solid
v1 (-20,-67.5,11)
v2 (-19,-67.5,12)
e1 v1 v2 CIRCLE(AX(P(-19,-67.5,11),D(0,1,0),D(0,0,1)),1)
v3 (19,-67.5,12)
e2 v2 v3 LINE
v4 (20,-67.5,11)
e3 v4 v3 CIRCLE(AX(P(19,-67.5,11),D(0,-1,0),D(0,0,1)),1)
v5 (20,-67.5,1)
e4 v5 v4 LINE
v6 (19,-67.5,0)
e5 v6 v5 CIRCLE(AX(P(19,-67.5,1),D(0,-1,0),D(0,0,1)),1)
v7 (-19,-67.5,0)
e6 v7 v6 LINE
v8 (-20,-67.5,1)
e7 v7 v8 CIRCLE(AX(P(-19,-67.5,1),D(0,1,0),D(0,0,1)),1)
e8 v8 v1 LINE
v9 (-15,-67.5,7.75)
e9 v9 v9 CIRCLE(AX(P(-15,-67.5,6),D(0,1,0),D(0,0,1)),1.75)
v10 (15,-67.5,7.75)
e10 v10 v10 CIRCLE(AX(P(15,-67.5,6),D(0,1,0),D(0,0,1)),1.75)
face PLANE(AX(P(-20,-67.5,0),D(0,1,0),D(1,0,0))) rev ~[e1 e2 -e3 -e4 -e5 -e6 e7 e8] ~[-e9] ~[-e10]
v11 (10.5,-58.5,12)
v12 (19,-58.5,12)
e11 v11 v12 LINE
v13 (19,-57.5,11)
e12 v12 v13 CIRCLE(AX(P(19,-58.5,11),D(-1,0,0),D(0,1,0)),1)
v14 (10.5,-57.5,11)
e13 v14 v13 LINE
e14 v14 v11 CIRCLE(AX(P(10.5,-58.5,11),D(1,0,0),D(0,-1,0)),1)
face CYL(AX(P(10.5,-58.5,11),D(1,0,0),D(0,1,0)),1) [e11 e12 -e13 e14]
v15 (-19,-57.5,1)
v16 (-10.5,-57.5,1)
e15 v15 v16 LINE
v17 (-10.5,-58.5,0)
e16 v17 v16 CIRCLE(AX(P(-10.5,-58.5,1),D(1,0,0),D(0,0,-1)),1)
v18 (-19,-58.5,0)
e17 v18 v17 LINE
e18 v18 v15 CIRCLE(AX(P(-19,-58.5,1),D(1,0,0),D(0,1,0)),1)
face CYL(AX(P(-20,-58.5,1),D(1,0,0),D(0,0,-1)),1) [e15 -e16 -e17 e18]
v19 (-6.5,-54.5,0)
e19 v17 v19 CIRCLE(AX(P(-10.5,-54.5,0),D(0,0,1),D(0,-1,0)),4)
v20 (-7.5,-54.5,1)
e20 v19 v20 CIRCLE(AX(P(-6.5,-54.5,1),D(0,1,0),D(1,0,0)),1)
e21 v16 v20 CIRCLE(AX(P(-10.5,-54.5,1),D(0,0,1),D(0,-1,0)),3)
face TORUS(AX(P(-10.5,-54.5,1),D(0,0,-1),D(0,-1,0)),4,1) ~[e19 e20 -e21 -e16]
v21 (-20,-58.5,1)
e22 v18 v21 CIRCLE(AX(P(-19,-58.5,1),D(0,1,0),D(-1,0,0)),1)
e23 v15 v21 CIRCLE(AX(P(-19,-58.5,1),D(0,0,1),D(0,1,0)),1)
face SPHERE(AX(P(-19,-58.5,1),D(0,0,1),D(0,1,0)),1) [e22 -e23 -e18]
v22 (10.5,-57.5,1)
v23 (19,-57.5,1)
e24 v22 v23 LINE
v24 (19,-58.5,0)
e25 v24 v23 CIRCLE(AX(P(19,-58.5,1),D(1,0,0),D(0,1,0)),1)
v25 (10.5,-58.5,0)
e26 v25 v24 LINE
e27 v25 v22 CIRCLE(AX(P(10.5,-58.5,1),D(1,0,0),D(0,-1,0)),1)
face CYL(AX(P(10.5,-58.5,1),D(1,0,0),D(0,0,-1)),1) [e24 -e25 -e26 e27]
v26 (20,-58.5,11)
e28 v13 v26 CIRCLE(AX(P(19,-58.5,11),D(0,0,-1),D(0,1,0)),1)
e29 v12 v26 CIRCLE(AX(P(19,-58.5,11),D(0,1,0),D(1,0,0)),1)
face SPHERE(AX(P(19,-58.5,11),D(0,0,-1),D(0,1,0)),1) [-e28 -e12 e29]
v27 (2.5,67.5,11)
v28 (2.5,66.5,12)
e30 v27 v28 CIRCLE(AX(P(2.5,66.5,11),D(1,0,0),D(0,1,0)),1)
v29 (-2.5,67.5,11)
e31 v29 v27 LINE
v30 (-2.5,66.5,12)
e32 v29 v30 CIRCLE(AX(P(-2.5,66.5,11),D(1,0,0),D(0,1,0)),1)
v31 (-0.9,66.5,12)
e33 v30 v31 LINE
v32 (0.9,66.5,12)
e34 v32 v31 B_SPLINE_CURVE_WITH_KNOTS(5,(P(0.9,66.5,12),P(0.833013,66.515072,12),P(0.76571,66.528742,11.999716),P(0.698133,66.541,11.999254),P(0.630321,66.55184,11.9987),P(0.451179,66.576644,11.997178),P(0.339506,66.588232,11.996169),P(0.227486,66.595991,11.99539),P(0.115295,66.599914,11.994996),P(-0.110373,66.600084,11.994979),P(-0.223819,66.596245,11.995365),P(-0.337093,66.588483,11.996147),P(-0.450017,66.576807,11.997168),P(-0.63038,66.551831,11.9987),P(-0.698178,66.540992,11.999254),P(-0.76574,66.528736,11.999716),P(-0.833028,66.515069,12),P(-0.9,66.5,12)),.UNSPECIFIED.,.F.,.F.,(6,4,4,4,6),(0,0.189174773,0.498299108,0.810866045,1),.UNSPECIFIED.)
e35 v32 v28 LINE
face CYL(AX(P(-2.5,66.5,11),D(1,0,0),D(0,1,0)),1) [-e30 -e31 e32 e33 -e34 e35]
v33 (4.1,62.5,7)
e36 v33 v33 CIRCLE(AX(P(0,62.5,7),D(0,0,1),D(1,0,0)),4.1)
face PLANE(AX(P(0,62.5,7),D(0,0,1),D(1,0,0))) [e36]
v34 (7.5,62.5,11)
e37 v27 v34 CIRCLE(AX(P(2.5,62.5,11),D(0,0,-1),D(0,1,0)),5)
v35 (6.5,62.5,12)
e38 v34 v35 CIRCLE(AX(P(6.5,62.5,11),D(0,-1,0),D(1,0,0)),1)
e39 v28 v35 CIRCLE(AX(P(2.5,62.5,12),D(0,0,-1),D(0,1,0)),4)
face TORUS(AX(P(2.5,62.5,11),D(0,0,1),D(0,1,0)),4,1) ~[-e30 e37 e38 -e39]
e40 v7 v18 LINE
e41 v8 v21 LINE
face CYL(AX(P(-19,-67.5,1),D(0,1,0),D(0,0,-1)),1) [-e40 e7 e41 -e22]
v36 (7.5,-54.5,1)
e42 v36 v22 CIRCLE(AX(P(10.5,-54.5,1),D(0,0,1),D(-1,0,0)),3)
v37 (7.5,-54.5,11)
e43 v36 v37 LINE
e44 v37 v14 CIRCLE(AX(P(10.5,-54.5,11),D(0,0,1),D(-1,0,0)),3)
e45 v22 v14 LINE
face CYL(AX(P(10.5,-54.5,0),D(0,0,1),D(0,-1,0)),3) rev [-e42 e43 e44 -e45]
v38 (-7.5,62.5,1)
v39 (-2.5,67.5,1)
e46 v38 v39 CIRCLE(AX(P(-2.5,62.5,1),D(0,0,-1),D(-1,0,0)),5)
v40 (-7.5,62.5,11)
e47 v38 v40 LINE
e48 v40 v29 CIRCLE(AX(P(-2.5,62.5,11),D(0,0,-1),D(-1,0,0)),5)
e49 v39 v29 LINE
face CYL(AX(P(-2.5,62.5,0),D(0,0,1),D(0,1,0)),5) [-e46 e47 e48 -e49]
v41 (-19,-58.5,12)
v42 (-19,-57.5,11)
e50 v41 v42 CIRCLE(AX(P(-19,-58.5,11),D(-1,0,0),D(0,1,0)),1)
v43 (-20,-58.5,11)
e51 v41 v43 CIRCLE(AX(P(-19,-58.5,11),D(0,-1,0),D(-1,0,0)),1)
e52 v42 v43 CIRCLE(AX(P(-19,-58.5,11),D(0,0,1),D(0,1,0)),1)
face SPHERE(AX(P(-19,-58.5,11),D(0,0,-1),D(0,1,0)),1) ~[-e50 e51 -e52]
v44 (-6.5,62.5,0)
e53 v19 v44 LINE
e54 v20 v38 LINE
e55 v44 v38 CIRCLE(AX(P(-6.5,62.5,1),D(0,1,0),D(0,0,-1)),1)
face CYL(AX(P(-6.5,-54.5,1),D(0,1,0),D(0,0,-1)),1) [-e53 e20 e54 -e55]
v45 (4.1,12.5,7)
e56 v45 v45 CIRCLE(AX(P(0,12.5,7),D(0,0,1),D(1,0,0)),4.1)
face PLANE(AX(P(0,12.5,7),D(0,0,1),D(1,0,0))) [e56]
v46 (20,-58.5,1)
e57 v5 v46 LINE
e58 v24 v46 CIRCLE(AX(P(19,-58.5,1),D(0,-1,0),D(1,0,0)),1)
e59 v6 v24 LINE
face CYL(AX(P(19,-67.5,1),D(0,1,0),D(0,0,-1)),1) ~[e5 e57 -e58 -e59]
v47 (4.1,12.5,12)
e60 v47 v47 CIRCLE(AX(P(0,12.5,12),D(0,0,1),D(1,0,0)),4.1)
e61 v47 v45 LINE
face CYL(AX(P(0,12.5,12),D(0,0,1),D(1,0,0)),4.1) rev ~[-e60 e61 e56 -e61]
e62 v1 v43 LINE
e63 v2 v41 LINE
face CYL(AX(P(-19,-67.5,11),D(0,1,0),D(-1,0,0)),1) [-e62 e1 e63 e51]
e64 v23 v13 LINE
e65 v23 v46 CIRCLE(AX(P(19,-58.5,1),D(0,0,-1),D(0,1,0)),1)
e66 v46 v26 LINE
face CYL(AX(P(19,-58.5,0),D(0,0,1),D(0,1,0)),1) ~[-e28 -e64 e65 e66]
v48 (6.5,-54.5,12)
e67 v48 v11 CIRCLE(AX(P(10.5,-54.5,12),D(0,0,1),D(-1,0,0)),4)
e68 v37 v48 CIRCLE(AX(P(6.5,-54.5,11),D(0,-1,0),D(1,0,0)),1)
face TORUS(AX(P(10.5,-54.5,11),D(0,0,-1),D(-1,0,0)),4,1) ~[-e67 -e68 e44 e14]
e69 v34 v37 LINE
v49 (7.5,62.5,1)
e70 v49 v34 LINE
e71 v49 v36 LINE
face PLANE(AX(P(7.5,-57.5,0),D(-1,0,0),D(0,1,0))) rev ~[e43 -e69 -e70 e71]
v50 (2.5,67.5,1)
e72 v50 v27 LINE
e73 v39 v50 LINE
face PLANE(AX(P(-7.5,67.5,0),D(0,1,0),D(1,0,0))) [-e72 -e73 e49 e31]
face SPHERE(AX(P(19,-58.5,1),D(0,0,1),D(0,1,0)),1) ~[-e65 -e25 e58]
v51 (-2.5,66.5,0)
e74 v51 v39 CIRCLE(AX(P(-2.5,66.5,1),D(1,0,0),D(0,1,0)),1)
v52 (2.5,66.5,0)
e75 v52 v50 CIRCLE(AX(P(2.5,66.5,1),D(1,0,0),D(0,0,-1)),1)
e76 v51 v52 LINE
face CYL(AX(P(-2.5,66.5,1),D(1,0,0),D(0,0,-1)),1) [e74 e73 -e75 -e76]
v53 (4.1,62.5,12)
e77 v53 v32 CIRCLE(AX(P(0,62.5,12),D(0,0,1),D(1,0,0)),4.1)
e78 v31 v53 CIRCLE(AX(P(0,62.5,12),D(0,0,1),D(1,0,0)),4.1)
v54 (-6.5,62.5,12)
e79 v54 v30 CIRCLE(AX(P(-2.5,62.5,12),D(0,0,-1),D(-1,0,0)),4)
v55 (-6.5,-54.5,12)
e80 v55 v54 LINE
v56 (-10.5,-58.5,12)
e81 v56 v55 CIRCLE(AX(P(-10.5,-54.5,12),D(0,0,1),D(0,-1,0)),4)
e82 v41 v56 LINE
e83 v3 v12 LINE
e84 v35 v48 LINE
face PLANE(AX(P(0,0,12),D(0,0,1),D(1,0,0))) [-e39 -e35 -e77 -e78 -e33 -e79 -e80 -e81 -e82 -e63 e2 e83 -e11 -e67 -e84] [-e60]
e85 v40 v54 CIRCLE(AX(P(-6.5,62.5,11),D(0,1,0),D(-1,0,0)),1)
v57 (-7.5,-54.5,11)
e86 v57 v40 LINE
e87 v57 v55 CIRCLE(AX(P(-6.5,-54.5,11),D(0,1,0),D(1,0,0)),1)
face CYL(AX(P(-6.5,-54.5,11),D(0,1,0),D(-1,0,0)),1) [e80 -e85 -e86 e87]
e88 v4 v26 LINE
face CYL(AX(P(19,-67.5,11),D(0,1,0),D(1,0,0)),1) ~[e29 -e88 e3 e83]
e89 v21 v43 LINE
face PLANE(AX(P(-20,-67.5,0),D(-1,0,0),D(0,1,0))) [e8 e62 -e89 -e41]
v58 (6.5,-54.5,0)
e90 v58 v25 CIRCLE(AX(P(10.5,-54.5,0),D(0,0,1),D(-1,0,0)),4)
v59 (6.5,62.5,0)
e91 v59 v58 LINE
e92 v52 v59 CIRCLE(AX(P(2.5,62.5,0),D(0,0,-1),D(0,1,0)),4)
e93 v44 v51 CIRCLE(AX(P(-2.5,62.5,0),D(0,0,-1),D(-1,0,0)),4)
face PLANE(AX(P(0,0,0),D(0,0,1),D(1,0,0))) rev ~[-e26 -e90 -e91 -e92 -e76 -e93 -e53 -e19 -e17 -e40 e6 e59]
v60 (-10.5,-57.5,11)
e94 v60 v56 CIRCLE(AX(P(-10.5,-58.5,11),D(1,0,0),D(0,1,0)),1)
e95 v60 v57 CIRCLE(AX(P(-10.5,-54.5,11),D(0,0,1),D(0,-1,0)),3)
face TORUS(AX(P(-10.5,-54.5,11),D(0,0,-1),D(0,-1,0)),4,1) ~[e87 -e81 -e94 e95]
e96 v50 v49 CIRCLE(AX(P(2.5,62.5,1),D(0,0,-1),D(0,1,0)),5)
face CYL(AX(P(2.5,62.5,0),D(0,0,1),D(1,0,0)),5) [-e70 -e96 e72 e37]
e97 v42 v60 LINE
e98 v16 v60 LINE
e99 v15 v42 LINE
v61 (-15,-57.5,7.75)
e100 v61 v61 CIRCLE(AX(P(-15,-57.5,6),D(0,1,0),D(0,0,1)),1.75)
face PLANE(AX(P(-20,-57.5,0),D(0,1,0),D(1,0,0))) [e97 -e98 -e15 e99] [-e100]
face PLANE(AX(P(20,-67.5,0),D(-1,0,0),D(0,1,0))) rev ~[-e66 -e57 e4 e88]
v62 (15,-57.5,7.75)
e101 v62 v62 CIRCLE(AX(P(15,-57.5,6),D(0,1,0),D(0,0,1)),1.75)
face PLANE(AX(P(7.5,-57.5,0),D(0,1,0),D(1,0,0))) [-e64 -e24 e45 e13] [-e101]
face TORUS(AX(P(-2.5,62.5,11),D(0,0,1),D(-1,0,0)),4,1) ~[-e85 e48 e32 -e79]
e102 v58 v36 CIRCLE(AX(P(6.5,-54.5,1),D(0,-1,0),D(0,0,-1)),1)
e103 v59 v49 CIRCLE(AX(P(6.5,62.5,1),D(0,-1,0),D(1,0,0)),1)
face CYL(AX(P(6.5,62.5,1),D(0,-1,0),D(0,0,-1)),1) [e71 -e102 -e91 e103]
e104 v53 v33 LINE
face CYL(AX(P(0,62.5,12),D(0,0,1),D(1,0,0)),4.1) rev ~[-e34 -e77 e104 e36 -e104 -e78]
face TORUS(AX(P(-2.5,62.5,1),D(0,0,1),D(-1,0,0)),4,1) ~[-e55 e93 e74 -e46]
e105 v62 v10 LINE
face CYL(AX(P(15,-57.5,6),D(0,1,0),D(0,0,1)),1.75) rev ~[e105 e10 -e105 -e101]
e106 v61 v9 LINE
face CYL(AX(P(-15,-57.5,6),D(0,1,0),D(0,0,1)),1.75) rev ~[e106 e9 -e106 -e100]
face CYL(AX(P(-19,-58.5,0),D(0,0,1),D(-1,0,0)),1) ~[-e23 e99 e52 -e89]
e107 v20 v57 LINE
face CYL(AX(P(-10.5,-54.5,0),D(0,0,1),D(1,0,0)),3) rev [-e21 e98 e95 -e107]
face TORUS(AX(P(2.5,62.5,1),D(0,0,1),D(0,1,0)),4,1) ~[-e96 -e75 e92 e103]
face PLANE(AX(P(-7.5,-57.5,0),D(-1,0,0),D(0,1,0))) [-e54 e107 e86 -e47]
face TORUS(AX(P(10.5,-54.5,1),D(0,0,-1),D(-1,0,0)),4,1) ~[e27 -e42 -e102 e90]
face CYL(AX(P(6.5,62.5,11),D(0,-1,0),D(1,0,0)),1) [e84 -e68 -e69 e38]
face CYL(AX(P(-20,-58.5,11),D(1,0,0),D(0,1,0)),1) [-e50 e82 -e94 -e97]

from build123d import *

# Parameters (mm, degrees)
SKETCH_1_W          = 15
SKETCH_1_H          = 135
SKETCH_1_W_2        = 40
SKETCH_1_H_2        = 10
EXTRUDE_1_DEPTH     = 12
SKETCH_3_R          = 1.75
CUT_EXTRUDE_1_DEPTH = 128.157382798
FILLET_1_R          = 3
FILLET_2_R          = 5
FILLET_3_R          = 1
SKETCH_2_R          = 4.1
CUT_EXTRUDE_2_DEPTH = 5


with BuildPart() as part:
    # ｽｹｯﾁ1 → ﾎﾞｽ - 押し出し1 (new body)
    with BuildSketch(Plane.XY):
        Rectangle(SKETCH_1_W, SKETCH_1_H)
        with Locations((0, -62.5)):
            Rectangle(SKETCH_1_W_2, SKETCH_1_H_2)
    extrude(amount=EXTRUDE_1_DEPTH)

    # ｽｹｯﾁ3 → ｶｯﾄ - 押し出し1 (cut, through all)
    with BuildSketch(Plane(origin=(0, -57.5, 0), x_dir=(1, 0, 0), z_dir=(0, 1, 0))):
        with Locations(Location((-15, -6, 0), (0, 0, 270))):
            Circle(SKETCH_3_R)
        with Locations(Location((15, -6, 0), (0, 0, 270))):
            Circle(SKETCH_3_R)
    extrude(amount=-CUT_EXTRUDE_1_DEPTH, mode=Mode.SUBTRACT)

    # ﾌｨﾚｯﾄ1
    fillet_1_edges = [part.edges().sort_by_distance(p)[0] for p in [
        (-7.5, -57.5, 6),
        (7.5, -57.5, 6),
    ]]
    fillet(fillet_1_edges, radius=FILLET_1_R)

    # ﾌｨﾚｯﾄ2
    fillet_2_edges = [part.edges().sort_by_distance(p)[0] for p in [
        (7.5, 67.5, 6),
        (-7.5, 67.5, 6),
    ]]
    fillet(fillet_2_edges, radius=FILLET_2_R)

    # ﾌｨﾚｯﾄ3
    fillet_3_edges = [part.edges().sort_by_distance(p)[0] for p in [
        (20, -57.5, 6),
        (-20, -57.5, 6),
        (-15.25, -57.5, 12),
        (20, -62.5, 12),
        (-20, -62.5, 12),
        (-15.25, -57.5, 0),
        (20, -62.5, 0),
        (-20, -62.5, 0),
        (7.5, 4, 12),
        (7.5, 4, 0),
        (15.25, -57.5, 12),
        (15.25, -57.5, 0),
        (-7.5, 4, 12),
        (-7.5, 4, 0),
        (8.378679656, -56.621320344, 0),
        (8.378679656, -56.621320344, 12),
        (-8.378679656, -56.621320344, 0),
        (-8.378679656, -56.621320344, 12),
        (0, 67.5, 0),
        (0, 67.5, 12),
        (-6.035533906, 66.035533906, 0),
        (6.035533906, 66.035533906, 0),
        (-6.035533906, 66.035533906, 12),
        (6.035533906, 66.035533906, 12),
    ]]
    fillet(fillet_3_edges, radius=FILLET_3_R)

    # ｽｹｯﾁ2 → ｶｯﾄ - 押し出し2 (cut)
    with BuildSketch(Plane.XY.offset(12)):
        with Locations((0, 12.5)):
            Circle(SKETCH_2_R)
        with Locations((0, 62.5)):
            Circle(SKETCH_2_R)
    extrude(amount=-CUT_EXTRUDE_2_DEPTH, mode=Mode.SUBTRACT)


solid = part.part
